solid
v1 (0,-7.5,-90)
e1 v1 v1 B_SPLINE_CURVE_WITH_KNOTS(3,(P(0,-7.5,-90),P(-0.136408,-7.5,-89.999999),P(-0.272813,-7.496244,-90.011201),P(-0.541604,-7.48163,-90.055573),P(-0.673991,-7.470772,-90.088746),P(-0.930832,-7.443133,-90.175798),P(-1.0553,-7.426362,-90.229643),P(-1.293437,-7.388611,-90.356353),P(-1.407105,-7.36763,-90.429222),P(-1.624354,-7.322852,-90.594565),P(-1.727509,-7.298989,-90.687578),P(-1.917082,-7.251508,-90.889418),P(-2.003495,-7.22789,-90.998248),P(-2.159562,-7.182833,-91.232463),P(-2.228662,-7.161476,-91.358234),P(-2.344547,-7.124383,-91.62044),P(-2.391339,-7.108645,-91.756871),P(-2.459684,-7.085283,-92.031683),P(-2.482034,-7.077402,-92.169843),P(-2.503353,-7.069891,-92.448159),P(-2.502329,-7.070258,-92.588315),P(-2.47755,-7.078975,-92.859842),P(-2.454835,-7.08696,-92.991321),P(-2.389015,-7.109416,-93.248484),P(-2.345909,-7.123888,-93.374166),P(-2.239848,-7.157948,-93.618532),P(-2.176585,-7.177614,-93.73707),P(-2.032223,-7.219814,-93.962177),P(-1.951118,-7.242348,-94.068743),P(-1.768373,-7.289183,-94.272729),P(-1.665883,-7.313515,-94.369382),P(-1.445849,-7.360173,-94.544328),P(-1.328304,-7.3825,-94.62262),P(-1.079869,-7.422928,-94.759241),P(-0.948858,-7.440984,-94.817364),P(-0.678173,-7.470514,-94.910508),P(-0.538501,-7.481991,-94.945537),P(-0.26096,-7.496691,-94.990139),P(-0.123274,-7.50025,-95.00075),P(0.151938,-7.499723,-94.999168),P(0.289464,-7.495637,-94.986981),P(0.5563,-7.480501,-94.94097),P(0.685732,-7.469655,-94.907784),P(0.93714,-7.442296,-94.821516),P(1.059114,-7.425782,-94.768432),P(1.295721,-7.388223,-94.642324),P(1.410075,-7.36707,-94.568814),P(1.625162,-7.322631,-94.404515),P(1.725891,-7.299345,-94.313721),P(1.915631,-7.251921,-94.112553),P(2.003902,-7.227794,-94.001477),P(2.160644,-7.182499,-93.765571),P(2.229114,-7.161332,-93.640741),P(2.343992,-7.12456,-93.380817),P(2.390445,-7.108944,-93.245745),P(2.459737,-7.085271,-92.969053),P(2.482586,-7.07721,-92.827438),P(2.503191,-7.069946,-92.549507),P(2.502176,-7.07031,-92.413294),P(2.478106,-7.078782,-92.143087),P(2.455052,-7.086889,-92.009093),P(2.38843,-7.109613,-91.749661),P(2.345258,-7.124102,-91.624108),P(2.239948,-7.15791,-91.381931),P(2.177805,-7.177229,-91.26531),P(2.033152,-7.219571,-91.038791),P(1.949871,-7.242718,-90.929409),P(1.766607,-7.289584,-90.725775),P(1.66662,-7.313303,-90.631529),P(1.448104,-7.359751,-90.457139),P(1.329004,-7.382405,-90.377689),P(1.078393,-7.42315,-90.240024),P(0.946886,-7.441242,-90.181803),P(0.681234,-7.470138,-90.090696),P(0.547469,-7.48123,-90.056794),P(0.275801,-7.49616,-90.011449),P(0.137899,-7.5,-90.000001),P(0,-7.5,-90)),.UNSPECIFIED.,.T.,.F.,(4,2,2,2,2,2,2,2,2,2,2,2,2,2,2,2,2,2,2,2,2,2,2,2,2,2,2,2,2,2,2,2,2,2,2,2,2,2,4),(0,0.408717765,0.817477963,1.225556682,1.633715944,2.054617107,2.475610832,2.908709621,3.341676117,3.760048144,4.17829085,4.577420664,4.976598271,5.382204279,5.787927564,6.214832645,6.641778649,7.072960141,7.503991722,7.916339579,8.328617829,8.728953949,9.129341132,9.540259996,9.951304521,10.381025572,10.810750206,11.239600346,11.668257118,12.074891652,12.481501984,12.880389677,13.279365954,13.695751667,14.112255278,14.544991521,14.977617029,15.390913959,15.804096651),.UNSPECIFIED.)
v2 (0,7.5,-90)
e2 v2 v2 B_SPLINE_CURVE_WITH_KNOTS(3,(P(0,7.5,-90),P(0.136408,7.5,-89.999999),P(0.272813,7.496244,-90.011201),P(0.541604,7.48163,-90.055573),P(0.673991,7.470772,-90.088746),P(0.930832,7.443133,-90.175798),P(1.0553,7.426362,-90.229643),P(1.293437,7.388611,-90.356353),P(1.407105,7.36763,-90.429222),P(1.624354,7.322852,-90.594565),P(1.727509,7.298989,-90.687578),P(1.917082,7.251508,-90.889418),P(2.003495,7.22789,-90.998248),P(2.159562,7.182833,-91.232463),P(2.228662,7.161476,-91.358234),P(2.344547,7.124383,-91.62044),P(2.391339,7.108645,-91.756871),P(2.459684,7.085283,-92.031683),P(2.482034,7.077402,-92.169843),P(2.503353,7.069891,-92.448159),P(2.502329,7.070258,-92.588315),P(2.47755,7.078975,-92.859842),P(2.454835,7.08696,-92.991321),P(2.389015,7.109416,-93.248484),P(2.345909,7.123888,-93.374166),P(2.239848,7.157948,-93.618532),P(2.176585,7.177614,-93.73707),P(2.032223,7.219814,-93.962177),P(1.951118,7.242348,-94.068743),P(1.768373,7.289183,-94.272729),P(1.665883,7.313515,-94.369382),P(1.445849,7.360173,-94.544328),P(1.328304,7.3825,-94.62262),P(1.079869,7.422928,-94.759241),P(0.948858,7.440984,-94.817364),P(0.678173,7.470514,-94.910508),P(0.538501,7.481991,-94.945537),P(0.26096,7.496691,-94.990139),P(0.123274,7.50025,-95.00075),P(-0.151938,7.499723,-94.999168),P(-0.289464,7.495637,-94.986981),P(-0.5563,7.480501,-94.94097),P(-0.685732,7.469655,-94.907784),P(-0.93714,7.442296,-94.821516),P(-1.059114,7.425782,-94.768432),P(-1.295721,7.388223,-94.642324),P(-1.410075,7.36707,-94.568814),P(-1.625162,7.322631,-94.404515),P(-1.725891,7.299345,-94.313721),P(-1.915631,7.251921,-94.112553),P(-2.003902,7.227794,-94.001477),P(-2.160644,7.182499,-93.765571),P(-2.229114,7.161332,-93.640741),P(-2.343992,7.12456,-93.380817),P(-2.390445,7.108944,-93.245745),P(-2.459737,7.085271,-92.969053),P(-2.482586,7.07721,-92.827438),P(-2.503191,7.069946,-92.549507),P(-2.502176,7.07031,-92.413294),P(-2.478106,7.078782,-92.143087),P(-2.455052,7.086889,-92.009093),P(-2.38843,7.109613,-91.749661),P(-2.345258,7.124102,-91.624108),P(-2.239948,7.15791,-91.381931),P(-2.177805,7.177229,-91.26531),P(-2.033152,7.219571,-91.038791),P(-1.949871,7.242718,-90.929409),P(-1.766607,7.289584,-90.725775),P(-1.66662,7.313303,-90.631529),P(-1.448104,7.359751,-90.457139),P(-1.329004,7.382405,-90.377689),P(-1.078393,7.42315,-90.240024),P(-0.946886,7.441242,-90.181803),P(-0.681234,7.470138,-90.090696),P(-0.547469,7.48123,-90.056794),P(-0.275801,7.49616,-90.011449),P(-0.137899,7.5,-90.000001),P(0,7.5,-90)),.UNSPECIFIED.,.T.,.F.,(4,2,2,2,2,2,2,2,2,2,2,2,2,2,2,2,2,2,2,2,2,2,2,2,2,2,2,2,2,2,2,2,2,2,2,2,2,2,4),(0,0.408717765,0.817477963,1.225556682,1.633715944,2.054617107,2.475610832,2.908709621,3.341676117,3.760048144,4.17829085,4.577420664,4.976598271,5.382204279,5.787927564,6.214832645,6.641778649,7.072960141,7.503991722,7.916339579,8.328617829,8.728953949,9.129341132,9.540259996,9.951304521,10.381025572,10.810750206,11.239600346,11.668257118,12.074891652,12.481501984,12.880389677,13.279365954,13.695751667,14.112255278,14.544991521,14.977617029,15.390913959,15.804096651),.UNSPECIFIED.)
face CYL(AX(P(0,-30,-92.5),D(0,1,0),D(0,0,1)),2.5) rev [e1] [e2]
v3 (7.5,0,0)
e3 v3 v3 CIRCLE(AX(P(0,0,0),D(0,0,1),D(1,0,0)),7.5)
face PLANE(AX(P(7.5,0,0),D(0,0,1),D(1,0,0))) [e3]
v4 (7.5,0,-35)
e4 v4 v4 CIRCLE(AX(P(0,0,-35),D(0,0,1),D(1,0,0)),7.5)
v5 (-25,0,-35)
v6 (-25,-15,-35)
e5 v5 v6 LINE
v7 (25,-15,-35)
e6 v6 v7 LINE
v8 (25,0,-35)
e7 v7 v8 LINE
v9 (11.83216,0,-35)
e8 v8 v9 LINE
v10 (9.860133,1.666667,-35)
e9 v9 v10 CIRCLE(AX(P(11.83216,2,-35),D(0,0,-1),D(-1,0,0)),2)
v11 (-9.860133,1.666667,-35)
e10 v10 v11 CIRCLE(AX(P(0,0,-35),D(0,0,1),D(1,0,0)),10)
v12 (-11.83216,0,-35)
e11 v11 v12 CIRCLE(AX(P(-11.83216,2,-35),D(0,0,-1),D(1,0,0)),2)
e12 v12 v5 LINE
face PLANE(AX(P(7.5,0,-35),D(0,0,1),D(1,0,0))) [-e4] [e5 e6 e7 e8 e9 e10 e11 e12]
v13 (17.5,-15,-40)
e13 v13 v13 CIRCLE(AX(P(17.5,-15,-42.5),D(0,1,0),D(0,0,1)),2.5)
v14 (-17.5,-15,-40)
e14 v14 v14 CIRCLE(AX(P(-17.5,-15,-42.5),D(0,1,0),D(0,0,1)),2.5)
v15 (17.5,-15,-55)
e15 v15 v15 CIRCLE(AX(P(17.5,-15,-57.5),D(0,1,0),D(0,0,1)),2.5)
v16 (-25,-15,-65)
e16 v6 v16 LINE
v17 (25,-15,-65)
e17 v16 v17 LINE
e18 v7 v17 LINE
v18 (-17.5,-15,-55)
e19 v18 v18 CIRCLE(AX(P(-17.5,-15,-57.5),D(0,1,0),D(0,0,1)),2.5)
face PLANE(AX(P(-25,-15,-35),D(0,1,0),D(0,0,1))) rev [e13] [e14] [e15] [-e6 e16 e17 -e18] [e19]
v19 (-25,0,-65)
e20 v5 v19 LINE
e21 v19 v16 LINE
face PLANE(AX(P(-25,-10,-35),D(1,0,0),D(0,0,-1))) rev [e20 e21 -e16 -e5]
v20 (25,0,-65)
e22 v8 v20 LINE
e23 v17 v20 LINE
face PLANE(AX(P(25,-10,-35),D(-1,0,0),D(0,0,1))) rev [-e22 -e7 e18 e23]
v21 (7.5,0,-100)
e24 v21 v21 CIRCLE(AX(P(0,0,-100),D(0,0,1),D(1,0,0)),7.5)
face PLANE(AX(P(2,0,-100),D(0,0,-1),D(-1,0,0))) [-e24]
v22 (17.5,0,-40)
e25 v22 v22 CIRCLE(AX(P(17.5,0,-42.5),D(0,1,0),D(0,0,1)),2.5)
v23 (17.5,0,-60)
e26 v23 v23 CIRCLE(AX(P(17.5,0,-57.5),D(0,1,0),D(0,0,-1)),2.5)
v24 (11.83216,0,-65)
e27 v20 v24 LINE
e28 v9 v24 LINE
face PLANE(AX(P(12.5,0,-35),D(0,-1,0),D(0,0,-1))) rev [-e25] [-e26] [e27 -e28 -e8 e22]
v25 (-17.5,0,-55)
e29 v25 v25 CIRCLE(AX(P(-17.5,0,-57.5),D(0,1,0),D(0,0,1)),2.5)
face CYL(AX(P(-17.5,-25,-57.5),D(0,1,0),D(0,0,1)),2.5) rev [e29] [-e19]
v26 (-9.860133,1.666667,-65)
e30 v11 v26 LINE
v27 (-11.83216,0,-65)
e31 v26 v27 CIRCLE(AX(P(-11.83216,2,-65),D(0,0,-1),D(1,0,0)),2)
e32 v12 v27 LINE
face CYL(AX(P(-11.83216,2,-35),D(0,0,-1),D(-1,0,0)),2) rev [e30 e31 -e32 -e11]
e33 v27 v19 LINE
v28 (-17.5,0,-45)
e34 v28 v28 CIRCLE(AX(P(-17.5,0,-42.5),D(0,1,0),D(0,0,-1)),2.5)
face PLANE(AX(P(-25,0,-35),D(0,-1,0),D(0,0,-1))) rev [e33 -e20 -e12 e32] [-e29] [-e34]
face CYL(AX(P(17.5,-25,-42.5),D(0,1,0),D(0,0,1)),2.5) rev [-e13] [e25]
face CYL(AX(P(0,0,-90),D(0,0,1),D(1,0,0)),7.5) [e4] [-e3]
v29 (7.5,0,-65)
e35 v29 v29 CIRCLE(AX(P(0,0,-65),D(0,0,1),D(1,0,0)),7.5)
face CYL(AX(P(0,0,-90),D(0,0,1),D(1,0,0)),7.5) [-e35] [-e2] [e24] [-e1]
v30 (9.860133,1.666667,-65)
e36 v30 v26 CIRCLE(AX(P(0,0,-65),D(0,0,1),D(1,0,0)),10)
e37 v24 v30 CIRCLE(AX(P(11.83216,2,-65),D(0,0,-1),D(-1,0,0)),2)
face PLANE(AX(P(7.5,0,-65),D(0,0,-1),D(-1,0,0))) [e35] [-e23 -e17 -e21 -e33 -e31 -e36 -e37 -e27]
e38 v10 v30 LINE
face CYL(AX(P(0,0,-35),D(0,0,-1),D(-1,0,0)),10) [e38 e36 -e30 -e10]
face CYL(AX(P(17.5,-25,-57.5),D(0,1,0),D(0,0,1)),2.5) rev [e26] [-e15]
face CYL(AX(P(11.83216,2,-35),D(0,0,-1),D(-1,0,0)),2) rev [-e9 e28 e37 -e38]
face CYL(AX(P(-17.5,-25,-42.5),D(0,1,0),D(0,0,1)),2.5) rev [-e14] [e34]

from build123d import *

# Parameters (mm, degrees)
BOSS_EXTRUDE1_DEPTH      = 15
BOSS_EXTRUDE1_DEPTH_BACK = 15
SKETCH6_R                = 2.5
CUT_EXTRUDE2_DEPTH       = 25
CUT_EXTRUDE3_DEPTH       = 35
CUT_EXTRUDE3_DEPTH_BACK  = 30
SKETCH8_R                = 2.5


with BuildPart() as part:
    # Sketch1 → Revolve1 (revolve)
    with BuildSketch(Plane(origin=(0, 0, 0), x_dir=(1, 0, 0), z_dir=(0, 1, 0))):
        Polygon((0, 90), (0, 100), (2, 100), (7.5, 100), (7.5, 65), (9, 65), (9, 35), (7.5, 35), (7.5, 0), (0, 0), align=None)
    revolve(axis=Axis((0, 0, -90), (0, 0, -1)))

    # Sketch5 → Boss-Extrude1 (add, two sides: drawn at the far end of the back side and taken through both)
    with BuildSketch(Plane.XY.offset(-50).offset(-BOSS_EXTRUDE1_DEPTH_BACK)):
        with BuildLine():
            Line((-25, -10), (-25, -15))
            Line((-25, -15), (25, -15))
            Line((25, -15), (25, -10))
            Line((25, -10), (25, 0))
            Line((25, 0), (20, 0))
            Line((20, 0), (12.5, 0))
            Line((12.5, 0), (11.832159566, 0))
            ThreePointArc((11.832159566, 0), (10.541165117, 0.472474768), (9.860132972, 1.666666667))
            ThreePointArc((9.860132972, 1.666666667), (0, 10), (-9.860132972, 1.666666667))
            ThreePointArc((-9.860132972, 1.666666667), (-10.541165117, 0.472474768), (-11.832159566, 0))
            Line((-11.832159566, 0), (-12.5, 0))
            Line((-12.5, 0), (-20, 0))
            Line((-20, 0), (-25, 0))
            Line((-25, 0), (-25, -10))
        make_face()
    extrude(amount=BOSS_EXTRUDE1_DEPTH + BOSS_EXTRUDE1_DEPTH_BACK)

    # Sketch6 → Cut-Extrude2 (cut)
    with BuildSketch(Plane(origin=(0, 0, 0), x_dir=(1, 0, 0), z_dir=(0, 1, 0))):
        with Locations(Location((-17.5, 57.5, 0), (0, 0, 270))):
            Circle(SKETCH6_R)
        with Locations(Location((17.5, 57.5, 0), (0, 0, 270))):
            Circle(SKETCH6_R)
        with Locations(Location((17.5, 42.5, 0), (0, 0, 270))):
            Circle(SKETCH6_R)
        with Locations(Location((-17.5, 42.5, 0), (0, 0, 270))):
            Circle(SKETCH6_R)
    extrude(amount=-CUT_EXTRUDE2_DEPTH, mode=Mode.SUBTRACT)

    # Sketch8 → Cut-Extrude3 (cut, two sides: drawn at the far end of the back side and taken through both)
    with BuildSketch(Plane(origin=(0, 0, 0), x_dir=(1, 0, 0), z_dir=(0, 1, 0)).offset(-CUT_EXTRUDE3_DEPTH_BACK)):
        with Locations(Location((0, 92.5, 0), (0, 0, 270))):
            Circle(SKETCH8_R)
    extrude(amount=CUT_EXTRUDE3_DEPTH + CUT_EXTRUDE3_DEPTH_BACK, mode=Mode.SUBTRACT)


solid = part.part
